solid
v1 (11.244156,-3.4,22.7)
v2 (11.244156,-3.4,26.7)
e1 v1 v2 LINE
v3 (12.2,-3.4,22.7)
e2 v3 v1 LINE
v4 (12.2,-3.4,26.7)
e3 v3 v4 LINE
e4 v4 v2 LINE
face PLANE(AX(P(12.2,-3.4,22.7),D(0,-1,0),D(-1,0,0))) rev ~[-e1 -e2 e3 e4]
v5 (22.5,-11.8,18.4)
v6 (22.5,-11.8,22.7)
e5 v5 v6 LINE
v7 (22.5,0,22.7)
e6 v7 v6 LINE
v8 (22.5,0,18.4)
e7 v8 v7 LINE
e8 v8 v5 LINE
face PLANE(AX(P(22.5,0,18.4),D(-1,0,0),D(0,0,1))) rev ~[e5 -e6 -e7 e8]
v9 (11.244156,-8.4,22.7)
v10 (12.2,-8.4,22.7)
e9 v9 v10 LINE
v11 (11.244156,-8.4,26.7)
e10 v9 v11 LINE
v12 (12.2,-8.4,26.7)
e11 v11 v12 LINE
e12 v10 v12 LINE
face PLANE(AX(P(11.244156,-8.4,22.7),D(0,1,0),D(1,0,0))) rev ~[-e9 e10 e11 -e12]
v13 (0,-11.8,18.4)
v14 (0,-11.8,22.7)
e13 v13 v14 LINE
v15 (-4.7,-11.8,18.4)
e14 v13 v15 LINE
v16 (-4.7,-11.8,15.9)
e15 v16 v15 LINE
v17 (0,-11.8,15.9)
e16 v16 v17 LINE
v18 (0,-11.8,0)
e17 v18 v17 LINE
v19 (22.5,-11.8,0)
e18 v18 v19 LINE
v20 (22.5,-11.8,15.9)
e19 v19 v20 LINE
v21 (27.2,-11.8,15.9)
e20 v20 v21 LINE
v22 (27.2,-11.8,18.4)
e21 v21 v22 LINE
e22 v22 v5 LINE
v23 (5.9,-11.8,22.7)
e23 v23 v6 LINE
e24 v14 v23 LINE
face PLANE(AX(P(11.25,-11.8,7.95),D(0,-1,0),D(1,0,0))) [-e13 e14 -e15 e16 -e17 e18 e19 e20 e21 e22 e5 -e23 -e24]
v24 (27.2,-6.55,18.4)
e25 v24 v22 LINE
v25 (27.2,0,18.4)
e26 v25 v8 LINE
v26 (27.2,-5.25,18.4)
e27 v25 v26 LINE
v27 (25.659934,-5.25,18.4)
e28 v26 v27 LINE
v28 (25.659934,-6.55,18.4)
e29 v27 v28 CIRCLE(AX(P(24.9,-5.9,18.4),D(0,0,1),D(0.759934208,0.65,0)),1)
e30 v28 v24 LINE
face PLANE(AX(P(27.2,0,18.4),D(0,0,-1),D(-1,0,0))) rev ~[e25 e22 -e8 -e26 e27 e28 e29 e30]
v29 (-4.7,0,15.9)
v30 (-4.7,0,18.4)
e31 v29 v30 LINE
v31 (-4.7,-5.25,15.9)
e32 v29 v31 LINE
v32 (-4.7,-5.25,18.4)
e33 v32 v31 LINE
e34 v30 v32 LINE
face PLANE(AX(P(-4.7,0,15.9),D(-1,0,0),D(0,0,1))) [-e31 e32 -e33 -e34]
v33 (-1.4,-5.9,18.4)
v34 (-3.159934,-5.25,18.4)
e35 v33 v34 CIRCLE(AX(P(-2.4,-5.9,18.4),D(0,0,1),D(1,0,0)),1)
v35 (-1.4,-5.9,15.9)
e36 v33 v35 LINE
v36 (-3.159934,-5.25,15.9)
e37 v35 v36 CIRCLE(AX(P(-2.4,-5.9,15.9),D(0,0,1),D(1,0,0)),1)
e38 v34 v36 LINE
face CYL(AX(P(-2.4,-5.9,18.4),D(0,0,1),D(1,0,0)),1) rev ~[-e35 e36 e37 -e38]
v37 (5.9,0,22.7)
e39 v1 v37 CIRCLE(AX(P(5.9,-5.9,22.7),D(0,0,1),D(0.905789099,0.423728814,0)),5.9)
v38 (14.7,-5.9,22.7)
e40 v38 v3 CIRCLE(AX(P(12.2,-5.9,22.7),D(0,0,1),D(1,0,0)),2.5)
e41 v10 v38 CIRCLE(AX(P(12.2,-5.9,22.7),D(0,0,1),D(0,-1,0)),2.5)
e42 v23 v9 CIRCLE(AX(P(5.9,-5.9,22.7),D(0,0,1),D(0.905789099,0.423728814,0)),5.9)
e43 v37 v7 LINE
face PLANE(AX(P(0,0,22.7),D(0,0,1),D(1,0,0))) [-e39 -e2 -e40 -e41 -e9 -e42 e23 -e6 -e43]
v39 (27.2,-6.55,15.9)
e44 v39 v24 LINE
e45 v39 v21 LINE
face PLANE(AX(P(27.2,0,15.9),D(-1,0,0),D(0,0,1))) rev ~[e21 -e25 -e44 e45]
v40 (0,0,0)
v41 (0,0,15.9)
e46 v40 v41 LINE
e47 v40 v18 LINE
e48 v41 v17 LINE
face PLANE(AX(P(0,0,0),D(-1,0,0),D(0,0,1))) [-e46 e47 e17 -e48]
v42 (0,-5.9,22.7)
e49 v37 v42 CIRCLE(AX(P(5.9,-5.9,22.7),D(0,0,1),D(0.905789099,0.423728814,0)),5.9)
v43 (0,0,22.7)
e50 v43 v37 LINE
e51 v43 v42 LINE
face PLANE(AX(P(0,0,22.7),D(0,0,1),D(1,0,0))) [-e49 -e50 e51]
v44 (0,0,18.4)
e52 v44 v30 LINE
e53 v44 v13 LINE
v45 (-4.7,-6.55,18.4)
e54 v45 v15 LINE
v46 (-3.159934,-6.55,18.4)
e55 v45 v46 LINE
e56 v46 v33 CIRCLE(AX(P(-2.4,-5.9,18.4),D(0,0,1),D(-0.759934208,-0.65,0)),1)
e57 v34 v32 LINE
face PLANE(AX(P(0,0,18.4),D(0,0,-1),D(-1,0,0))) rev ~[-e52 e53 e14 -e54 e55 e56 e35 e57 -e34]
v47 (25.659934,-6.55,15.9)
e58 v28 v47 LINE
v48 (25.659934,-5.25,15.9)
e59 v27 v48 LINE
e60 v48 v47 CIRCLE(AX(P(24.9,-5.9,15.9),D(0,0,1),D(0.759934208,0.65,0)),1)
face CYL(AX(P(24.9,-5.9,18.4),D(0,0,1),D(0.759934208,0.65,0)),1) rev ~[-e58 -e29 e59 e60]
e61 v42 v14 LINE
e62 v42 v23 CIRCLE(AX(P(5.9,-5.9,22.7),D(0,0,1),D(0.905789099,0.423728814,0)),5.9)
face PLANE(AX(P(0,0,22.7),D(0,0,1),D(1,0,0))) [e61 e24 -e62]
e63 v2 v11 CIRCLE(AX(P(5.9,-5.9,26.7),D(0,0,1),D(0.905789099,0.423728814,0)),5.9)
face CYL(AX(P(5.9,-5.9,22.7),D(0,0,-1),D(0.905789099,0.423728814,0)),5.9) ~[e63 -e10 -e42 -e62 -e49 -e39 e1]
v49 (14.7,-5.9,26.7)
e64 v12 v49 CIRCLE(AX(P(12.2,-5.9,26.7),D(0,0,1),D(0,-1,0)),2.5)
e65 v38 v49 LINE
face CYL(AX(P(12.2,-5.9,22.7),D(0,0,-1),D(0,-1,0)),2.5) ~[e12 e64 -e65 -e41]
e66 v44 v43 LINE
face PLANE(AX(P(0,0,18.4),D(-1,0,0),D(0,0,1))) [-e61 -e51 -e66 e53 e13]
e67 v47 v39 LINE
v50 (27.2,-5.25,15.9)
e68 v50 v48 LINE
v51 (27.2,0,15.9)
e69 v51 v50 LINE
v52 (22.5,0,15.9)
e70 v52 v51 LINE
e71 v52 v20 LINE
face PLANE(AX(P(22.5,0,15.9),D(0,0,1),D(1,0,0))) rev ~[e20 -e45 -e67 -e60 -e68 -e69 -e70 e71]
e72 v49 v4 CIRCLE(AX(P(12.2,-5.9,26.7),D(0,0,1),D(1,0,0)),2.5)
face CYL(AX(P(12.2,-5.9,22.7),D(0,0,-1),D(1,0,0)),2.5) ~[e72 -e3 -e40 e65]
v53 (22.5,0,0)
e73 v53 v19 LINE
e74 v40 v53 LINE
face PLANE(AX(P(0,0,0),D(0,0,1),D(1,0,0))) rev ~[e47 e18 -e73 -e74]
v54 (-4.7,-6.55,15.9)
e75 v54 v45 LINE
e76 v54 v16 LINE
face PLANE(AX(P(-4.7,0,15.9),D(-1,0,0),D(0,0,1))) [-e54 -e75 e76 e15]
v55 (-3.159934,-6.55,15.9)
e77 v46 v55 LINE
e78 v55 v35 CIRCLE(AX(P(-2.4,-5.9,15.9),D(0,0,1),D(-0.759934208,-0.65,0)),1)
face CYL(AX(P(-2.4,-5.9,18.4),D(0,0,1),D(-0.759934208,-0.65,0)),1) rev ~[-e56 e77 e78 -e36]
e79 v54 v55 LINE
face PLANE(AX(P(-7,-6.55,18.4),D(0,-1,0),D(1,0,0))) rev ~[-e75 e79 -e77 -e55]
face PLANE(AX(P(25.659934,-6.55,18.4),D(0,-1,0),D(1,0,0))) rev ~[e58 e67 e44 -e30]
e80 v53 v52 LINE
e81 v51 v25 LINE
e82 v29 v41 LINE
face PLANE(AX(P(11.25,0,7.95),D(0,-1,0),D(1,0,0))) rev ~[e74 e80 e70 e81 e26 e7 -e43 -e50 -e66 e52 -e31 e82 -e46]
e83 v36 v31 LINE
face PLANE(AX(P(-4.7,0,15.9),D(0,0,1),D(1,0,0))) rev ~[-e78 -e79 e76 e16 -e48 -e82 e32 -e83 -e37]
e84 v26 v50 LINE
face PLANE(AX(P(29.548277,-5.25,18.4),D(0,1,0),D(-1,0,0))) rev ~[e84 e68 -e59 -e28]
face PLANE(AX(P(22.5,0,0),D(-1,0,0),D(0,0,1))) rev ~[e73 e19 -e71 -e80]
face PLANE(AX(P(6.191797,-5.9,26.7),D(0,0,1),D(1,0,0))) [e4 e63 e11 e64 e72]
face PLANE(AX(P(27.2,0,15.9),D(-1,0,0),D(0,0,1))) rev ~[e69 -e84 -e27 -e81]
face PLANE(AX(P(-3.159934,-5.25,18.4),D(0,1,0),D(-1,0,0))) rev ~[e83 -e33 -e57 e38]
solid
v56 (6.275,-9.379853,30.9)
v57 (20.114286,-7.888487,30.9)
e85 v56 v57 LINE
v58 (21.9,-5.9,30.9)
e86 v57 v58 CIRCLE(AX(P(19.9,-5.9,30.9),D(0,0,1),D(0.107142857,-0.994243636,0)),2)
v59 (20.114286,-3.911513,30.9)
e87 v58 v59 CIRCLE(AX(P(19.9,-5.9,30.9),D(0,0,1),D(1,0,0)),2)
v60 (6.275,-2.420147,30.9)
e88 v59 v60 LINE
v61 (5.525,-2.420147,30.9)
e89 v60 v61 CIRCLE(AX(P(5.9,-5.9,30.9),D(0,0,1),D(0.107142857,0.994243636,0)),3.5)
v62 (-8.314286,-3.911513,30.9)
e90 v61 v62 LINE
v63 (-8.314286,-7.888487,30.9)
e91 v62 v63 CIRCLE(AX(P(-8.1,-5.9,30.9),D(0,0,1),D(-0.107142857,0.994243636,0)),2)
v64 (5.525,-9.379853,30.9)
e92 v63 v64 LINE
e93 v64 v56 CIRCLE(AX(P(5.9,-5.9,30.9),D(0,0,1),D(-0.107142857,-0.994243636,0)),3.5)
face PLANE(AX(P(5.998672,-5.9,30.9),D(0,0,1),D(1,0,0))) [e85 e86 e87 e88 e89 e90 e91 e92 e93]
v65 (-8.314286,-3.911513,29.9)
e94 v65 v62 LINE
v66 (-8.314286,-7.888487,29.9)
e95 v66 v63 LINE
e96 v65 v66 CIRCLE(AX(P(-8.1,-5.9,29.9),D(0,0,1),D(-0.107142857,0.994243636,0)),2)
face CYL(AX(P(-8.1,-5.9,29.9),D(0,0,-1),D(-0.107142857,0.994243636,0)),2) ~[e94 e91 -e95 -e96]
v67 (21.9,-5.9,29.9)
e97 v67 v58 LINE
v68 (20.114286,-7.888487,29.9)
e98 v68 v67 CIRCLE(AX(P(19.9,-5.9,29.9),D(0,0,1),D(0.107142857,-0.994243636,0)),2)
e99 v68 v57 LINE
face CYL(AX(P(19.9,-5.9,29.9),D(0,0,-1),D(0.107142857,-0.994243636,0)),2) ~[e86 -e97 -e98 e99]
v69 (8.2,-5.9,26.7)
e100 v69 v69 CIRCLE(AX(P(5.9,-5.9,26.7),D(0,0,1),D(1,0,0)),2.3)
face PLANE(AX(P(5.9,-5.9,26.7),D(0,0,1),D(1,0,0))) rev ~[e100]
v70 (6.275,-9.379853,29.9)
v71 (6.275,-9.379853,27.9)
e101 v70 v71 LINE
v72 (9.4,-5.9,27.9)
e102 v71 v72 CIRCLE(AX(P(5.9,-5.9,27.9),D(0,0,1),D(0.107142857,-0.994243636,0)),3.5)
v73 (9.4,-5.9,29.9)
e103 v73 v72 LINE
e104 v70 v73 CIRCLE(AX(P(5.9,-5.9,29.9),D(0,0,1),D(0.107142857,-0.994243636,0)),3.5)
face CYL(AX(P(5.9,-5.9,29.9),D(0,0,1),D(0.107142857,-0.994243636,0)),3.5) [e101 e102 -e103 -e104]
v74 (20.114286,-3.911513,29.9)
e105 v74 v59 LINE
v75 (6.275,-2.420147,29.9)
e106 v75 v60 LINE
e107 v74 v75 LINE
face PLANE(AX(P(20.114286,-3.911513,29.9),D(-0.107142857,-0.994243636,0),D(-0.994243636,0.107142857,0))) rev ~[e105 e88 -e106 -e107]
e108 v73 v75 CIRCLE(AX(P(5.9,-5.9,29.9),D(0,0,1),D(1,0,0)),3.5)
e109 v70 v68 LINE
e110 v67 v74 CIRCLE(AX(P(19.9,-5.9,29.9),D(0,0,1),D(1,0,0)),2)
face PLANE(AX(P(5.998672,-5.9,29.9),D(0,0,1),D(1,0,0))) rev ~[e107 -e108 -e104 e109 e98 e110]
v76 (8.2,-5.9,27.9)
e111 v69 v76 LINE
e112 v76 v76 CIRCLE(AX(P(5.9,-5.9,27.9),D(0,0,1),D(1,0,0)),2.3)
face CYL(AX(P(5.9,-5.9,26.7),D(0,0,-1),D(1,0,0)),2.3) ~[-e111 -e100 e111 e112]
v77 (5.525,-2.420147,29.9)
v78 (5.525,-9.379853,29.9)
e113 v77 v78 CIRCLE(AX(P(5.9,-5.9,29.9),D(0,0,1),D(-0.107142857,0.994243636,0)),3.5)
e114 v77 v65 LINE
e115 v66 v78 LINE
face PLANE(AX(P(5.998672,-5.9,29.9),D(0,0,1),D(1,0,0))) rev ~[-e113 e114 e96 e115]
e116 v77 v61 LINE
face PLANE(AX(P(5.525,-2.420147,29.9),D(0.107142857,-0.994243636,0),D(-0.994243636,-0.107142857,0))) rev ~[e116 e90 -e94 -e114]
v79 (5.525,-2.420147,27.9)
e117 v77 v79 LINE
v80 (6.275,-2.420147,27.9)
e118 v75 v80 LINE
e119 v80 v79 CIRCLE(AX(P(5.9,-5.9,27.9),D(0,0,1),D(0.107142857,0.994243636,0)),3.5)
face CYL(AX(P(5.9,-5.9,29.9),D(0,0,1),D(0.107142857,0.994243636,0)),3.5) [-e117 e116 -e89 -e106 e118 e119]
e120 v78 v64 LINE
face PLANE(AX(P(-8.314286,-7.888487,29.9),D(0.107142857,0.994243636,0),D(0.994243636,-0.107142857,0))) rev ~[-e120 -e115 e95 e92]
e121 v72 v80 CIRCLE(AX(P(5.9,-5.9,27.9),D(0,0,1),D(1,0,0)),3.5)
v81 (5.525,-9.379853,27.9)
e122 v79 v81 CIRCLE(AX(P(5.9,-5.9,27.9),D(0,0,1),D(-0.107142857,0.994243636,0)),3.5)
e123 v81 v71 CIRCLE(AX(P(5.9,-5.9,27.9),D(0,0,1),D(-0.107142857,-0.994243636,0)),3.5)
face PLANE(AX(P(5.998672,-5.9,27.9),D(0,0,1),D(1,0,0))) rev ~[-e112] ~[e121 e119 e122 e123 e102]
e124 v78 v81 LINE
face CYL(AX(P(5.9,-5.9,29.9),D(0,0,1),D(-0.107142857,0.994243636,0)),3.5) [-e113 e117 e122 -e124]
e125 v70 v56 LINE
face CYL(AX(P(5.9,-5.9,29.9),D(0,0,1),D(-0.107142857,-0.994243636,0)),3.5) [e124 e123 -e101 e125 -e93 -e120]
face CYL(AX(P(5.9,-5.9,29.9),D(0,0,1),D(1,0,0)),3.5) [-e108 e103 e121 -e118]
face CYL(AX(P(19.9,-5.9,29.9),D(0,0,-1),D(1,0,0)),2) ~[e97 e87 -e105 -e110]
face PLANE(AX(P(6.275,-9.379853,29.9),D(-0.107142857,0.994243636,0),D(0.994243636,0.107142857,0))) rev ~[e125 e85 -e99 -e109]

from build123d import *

# Parameters (mm, degrees)
F0_W      = 22.5
F0_H      = 15.9
F0_W_2    = 4.7
F0_H_2    = 2.5
F0_H_3    = 4.3
F1_DEPTH  = 11.8
F3_DEPTH  = 4
F5_DEPTH  = 18.401
F6_R      = 2.3
F7_DEPTH  = 3.2
F9_DEPTH  = 1
F8_R      = 2.3
F10_DEPTH = 2


with BuildPart() as f1:
    # F0 (on Front) → F1 (new body)
    with BuildSketch(Plane.XZ):
        with Locations((11.25, 7.95)):
            Rectangle(F0_W, F0_H)
        with Locations((-2.35, 17.15)):
            Rectangle(F0_W_2, F0_H_2)
        with Locations((11.25, 17.15)):
            Rectangle(F0_W, F0_H_2)
        with Locations((24.85, 17.15)):
            Rectangle(F0_W_2, F0_H_2)
        with Locations((11.25, 20.55)):
            Rectangle(F0_W, F0_H_3)
    extrude(amount=F1_DEPTH)

    # F2 (on face) → F3 (join)
    with BuildSketch(Plane.XY.offset(22.7)):
        with BuildLine():
            ThreePointArc((11.3166666667, -3.5612562726), (11.281015269, -3.4803564983), (11.2441556864, -3.4))
            ThreePointArc((11.2441556864, -3.4), (0, -5.9), (11.2441556864, -8.4))
            ThreePointArc((11.2441556864, -8.4), (11.281015269, -8.3196435017), (11.3166666667, -8.2387437274))
            ThreePointArc((11.3166666667, -8.2387437274), (9.7, -5.9), (11.3166666667, -3.5612562726))
        make_face()
        with BuildLine():
            Line((12.2, -3.4), (11.2441556864, -3.4))
            ThreePointArc((11.2441556864, -3.4), (11.281015269, -3.4803564983), (11.3166666667, -3.5612562726))
            ThreePointArc((11.3166666667, -3.5612562726), (11.7510341429, -3.4406444626), (12.2, -3.4))
        make_face()
        with BuildLine():
            ThreePointArc((11.3166666667, -8.2387437274), (11.281015269, -8.3196435017), (11.2441556864, -8.4))
            Line((11.2441556864, -8.4), (12.2, -8.4))
            ThreePointArc((12.2, -8.4), (11.7510341429, -8.3593555374), (11.3166666667, -8.2387437274))
        make_face()
        with BuildLine():
            ThreePointArc((12.2, -3.4), (11.7510341429, -3.4406444626), (11.3166666667, -3.5612562726))
            ThreePointArc((11.3166666667, -3.5612562726), (11.6779033106, -4.7059173675), (11.8, -5.9))
            ThreePointArc((11.8, -5.9), (11.6779033106, -7.0940826325), (11.3166666667, -8.2387437274))
            ThreePointArc((11.3166666667, -8.2387437274), (11.7510341429, -8.3593555374), (12.2, -8.4))
            ThreePointArc((12.2, -8.4), (13.967766953, -7.667766953), (14.7, -5.9))
            ThreePointArc((14.7, -5.9), (13.967766953, -4.132233047), (12.2, -3.4))
        make_face()
        with BuildLine():
            ThreePointArc((11.3166666667, -8.2387437274), (11.6779033106, -7.0940826325), (11.8, -5.9))
            ThreePointArc((11.8, -5.9), (11.6779033106, -4.7059173675), (11.3166666667, -3.5612562726))
            ThreePointArc((11.3166666667, -3.5612562726), (9.7, -5.9), (11.3166666667, -8.2387437274))
        make_face()
    extrude(amount=F3_DEPTH)

    # F4 (on face) → F5 (cut, through all)
    with BuildSketch(Plane.XY.offset(18.4)):
        with BuildLine():
            ThreePointArc((-3.1599342077, -6.55), (-2.0535423602, -6.8380656181), (-1.4, -5.9))
            ThreePointArc((-1.4, -5.9), (-2.0535423602, -4.9619343819), (-3.1599342077, -5.25))
            Line((-3.1599342077, -5.25), (-2.4, -5.25))
            Line((-2.4, -5.25), (-2.4, -6.55))
            Line((-2.4, -6.55), (-3.1599342077, -6.55))
        make_face()
        with BuildLine():
            Line((-2.4, -5.25), (-3.1599342077, -5.25))
            ThreePointArc((-3.1599342077, -5.25), (-3.4, -5.9), (-3.1599342077, -6.55))
            Line((-3.1599342077, -6.55), (-2.4, -6.55))
            Line((-2.4, -6.55), (-2.4, -5.25))
        make_face()
        with BuildLine():
            ThreePointArc((-3.1599342077, -6.55), (-3.4, -5.9), (-3.1599342077, -5.25))
            Line((-3.1599342077, -5.25), (-7, -5.25))
            Line((-7, -5.25), (-7, -6.55))
            Line((-7, -6.55), (-3.1599342077, -6.55))
        make_face()
        with BuildLine():
            ThreePointArc((25.6599342077, -6.55), (25.8380656181, -6.2464576398), (25.9, -5.9))
            ThreePointArc((25.9, -5.9), (25.8380656181, -5.5535423602), (25.6599342077, -5.25))
            Line((25.6599342077, -5.25), (24.9, -5.25))
            Line((24.9, -5.25), (24.9, -6.55))
            Line((24.9, -6.55), (25.6599342077, -6.55))
        make_face()
        with BuildLine():
            ThreePointArc((25.6599342077, -5.25), (25.8380656181, -5.5535423602), (25.9, -5.9))
            ThreePointArc((25.9, -5.9), (25.8380656181, -6.2464576398), (25.6599342077, -6.55))
            Line((25.6599342077, -6.55), (29.5482767582, -6.55))
            Line((29.5482767582, -6.55), (29.5482767582, -5.25))
            Line((29.5482767582, -5.25), (25.6599342077, -5.25))
        make_face()
        with BuildLine():
            Line((24.9, -5.25), (25.6599342077, -5.25))
            ThreePointArc((25.6599342077, -5.25), (23.9, -5.9), (25.6599342077, -6.55))
            Line((25.6599342077, -6.55), (24.9, -6.55))
            Line((24.9, -6.55), (24.9, -5.25))
        make_face()
    extrude(amount=-F5_DEPTH, mode=Mode.SUBTRACT)


with BuildPart() as f7:
    # F6 (on face) → F7 (new body)
    with BuildSketch(Plane.XY.offset(26.7)):
        with Locations((5.9, -5.9)):
            Circle(F6_R)
    extrude(amount=F7_DEPTH)

    # F8 (on face) → F9 (join)
    with BuildSketch(Plane.XY.offset(29.9)):
        with BuildLine():
            ThreePointArc((6.275, -9.3798527268), (8.504083332, -8.2385358667), (9.4, -5.9))
            ThreePointArc((9.4, -5.9), (8.504083332, -3.5614641333), (6.275, -2.4201472732))
            ThreePointArc((6.275, -2.4201472732), (5.9, -2.4), (5.525, -2.4201472732))
            ThreePointArc((5.525, -2.4201472732), (2.4, -5.9), (5.525, -9.3798527268))
            ThreePointArc((5.525, -9.3798527268), (5.9, -9.4), (6.275, -9.3798527268))
        make_face()
        with BuildLine():
            ThreePointArc((6.275, -2.4201472732), (8.504083332, -3.5614641333), (9.4, -5.9))
            ThreePointArc((9.4, -5.9), (8.504083332, -8.2385358667), (6.275, -9.3798527268))
            Line((6.275, -9.3798527268), (20.1142857143, -7.8884872724))
            ThreePointArc((20.1142857143, -7.8884872724), (17.9, -5.9), (20.1142857143, -3.9115127276))
            Line((20.1142857143, -3.9115127276), (6.275, -2.4201472732))
        make_face()
        with BuildLine():
            ThreePointArc((5.525, -9.3798527268), (2.4, -5.9), (5.525, -2.4201472732))
            Line((5.525, -2.4201472732), (-8.3142857143, -3.9115127276))
            ThreePointArc((-8.3142857143, -3.9115127276), (-6.7636937904, -4.4119523817), (-6.1, -5.9))
            ThreePointArc((-6.1, -5.9), (-6.7636937904, -7.3880476183), (-8.3142857143, -7.8884872724))
            Line((-8.3142857143, -7.8884872724), (5.525, -9.3798527268))
        make_face()
        with BuildLine():
            ThreePointArc((21.9, -5.9), (21.3880476183, -4.5636937904), (20.1142857143, -3.9115127276))
            ThreePointArc((20.1142857143, -3.9115127276), (17.9, -5.9), (20.1142857143, -7.8884872724))
            ThreePointArc((20.1142857143, -7.8884872724), (21.3880476183, -7.2363062096), (21.9, -5.9))
        make_face()
        with BuildLine():
            ThreePointArc((-6.1, -5.9), (-6.7636937904, -4.4119523817), (-8.3142857143, -3.9115127276))
            ThreePointArc((-8.3142857143, -3.9115127276), (-10.1, -5.9), (-8.3142857143, -7.8884872724))
            ThreePointArc((-8.3142857143, -7.8884872724), (-6.7636937904, -7.3880476183), (-6.1, -5.9))
        make_face()
    extrude(amount=F9_DEPTH)

    # F8 (on face) → F10 (join)
    with BuildSketch(Plane.XY.offset(29.9)):
        with BuildLine():
            ThreePointArc((6.275, -9.3798527268), (8.504083332, -8.2385358667), (9.4, -5.9))
            ThreePointArc((9.4, -5.9), (8.504083332, -3.5614641333), (6.275, -2.4201472732))
            ThreePointArc((6.275, -2.4201472732), (5.9, -2.4), (5.525, -2.4201472732))
            ThreePointArc((5.525, -2.4201472732), (2.4, -5.9), (5.525, -9.3798527268))
            ThreePointArc((5.525, -9.3798527268), (5.9, -9.4), (6.275, -9.3798527268))
        make_face()
        with Locations((5.9, -5.9)):
            Circle(F8_R, mode=Mode.SUBTRACT)
    extrude(amount=-F10_DEPTH)


solid = Compound([f1.part, f7.part])
